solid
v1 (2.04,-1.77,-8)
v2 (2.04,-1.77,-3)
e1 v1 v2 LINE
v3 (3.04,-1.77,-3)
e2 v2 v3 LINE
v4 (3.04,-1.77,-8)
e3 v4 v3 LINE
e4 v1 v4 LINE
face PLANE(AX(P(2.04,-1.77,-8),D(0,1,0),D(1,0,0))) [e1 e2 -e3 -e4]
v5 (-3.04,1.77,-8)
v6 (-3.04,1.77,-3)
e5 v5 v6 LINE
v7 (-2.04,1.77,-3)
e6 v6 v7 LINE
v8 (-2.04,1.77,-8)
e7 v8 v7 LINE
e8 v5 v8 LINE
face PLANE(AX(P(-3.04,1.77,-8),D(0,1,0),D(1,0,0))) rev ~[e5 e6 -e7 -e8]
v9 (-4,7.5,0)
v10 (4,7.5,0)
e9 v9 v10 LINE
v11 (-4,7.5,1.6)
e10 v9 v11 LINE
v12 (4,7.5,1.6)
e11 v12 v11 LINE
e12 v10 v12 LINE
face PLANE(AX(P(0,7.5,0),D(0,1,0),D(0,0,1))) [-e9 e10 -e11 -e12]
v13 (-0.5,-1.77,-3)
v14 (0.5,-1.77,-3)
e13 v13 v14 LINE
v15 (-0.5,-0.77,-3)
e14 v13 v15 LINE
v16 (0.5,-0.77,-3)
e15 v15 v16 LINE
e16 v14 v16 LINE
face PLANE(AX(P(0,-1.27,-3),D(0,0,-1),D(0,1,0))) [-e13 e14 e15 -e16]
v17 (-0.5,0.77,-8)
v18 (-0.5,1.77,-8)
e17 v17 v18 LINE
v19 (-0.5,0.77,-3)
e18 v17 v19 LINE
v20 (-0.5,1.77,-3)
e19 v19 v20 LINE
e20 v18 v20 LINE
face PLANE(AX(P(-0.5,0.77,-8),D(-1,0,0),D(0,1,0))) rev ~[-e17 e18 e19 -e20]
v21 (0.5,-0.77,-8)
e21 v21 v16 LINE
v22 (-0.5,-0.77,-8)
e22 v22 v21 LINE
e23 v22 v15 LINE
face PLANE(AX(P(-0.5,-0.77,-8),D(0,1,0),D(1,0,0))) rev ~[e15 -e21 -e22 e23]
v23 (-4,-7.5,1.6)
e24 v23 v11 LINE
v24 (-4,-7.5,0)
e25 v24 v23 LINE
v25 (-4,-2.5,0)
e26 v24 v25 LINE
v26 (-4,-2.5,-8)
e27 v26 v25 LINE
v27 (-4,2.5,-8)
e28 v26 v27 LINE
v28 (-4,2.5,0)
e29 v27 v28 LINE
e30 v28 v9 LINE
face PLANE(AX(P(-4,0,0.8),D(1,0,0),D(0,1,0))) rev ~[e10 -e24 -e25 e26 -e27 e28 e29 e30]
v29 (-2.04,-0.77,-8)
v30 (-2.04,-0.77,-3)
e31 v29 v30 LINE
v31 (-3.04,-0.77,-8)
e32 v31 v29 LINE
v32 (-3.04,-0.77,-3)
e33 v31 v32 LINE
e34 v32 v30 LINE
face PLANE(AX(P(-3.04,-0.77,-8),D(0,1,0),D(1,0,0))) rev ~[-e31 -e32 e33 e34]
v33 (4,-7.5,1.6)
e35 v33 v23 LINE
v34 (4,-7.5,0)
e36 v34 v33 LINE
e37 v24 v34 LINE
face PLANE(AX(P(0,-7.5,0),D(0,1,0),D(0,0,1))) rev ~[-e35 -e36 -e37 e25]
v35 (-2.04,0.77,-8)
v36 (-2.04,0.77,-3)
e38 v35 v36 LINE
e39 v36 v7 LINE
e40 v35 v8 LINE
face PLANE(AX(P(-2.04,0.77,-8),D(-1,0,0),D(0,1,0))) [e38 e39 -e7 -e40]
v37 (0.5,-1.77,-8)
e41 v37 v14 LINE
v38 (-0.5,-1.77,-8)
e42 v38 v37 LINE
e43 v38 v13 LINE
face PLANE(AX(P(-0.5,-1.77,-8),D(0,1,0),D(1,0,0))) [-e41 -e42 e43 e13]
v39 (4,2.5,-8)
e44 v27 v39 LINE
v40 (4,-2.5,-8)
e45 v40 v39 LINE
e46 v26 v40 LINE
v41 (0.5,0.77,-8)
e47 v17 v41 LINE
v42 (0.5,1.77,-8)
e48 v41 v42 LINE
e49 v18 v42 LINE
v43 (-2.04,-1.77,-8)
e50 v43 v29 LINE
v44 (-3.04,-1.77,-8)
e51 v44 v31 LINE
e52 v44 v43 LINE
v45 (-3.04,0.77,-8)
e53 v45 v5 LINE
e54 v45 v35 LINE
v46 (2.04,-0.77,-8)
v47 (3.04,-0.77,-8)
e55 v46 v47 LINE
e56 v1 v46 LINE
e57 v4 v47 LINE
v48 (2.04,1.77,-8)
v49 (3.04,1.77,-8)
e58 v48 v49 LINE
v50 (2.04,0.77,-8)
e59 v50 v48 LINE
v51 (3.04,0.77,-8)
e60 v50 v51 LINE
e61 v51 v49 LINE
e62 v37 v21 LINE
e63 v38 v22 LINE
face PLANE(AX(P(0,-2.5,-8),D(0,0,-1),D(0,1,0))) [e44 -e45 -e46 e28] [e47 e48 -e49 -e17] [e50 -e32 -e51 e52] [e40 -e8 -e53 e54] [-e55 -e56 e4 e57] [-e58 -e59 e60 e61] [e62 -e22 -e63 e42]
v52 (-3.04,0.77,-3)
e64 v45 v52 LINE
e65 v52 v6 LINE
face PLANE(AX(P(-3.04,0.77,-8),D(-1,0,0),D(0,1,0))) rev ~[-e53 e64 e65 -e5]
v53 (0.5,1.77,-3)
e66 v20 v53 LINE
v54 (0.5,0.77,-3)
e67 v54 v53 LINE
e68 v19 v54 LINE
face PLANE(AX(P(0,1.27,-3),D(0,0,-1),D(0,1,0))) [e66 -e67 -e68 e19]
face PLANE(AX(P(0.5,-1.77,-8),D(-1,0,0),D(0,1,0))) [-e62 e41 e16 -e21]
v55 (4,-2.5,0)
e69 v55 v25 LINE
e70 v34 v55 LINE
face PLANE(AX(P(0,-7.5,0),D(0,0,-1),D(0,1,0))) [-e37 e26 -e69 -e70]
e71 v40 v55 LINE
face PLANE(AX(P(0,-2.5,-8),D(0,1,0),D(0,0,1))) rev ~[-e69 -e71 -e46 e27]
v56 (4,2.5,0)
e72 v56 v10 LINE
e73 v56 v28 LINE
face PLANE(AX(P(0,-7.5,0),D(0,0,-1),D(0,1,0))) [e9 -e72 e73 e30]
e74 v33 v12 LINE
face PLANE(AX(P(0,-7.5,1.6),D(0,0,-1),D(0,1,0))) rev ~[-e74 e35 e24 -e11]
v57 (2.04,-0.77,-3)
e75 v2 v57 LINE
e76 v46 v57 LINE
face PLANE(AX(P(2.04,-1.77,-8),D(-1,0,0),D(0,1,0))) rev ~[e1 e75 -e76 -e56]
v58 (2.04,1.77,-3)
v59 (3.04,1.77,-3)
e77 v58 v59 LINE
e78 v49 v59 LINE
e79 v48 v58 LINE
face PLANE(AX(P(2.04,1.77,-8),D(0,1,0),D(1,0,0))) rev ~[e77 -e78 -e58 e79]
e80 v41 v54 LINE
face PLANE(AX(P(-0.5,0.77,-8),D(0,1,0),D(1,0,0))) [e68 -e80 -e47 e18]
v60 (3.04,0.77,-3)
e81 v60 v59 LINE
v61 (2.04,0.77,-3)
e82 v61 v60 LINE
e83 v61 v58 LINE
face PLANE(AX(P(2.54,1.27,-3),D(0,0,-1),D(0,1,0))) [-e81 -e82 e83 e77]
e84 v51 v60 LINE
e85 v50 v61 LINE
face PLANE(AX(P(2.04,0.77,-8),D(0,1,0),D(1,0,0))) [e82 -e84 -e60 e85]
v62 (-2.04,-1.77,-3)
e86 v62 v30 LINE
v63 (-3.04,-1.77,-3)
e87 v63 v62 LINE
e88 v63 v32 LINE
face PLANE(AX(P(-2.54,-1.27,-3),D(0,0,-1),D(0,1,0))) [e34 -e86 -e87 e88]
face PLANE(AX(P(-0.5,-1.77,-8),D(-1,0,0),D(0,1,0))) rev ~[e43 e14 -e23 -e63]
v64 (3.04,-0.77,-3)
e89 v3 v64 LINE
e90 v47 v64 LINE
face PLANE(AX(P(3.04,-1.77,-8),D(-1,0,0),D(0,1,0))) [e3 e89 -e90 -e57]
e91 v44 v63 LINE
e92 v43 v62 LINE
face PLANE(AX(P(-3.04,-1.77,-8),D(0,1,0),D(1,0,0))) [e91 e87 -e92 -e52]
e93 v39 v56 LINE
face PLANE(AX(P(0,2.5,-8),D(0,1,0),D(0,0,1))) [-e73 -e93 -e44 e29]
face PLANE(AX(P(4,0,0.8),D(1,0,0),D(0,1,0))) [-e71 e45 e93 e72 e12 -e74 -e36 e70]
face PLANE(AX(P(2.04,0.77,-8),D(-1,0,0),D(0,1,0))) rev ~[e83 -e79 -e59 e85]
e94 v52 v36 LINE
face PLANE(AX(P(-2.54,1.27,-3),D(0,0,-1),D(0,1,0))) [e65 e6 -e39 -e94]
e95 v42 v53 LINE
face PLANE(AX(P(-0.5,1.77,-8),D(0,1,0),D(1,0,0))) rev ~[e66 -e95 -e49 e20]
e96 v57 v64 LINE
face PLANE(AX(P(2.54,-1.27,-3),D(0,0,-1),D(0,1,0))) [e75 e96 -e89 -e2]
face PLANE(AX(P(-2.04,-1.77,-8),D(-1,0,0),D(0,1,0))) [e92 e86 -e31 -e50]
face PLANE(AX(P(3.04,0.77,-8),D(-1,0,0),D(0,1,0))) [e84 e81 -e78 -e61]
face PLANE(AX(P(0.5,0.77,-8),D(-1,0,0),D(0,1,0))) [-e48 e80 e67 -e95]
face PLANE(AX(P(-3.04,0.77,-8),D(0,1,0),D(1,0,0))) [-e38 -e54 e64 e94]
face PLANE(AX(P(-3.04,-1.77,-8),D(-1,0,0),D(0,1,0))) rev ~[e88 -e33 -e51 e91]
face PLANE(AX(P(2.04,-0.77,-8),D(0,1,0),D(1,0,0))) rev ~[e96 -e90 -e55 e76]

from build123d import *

# Parameters (mm, degrees)
SKETCH002_W  = 15
SKETCH002_H  = 1.6
PAD001_DEPTH = 4
SKETCH_W     = 5
SKETCH_H     = 8
PAD_DEPTH    = 4
SKETCH001_W  = 1
SKETCH001_H  = 1
POCKET_DEPTH = 5


with BuildPart() as pad001:
    # Sketch002 → Pad001 (new body, symmetric)
    with BuildSketch(Plane.YZ):
        with Locations((0, 0.8)):
            Rectangle(SKETCH002_W, SKETCH002_H)
    extrude(amount=PAD001_DEPTH, both=True)


with BuildPart() as fusion:
    # Sketch → Pad (new body, symmetric)
    with BuildSketch(Plane.YZ):
        with Locations((0, -4)):
            Rectangle(SKETCH_W, SKETCH_H)
    extrude(amount=PAD_DEPTH, both=True)

    # Sketch001 → Pocket (cut)
    with BuildSketch(Plane.YX.offset(8)):
        with Locations((-1.27, 2.54)):
            Rectangle(SKETCH001_W, SKETCH001_H)
        with Locations((1.27, 2.54)):
            Rectangle(SKETCH001_W, SKETCH001_H)
        with Locations((-1.27, 0)):
            Rectangle(SKETCH001_W, SKETCH001_H)
        with Locations((1.27, 0)):
            Rectangle(SKETCH001_W, SKETCH001_H)
        with Locations((-1.27, -2.54)):
            Rectangle(SKETCH001_W, SKETCH001_H)
        with Locations((1.27, -2.54)):
            Rectangle(SKETCH001_W, SKETCH001_H)
    extrude(amount=-POCKET_DEPTH, mode=Mode.SUBTRACT)

    # Fusion: union Pad001
    add(pad001.part)


solid = fusion.part
